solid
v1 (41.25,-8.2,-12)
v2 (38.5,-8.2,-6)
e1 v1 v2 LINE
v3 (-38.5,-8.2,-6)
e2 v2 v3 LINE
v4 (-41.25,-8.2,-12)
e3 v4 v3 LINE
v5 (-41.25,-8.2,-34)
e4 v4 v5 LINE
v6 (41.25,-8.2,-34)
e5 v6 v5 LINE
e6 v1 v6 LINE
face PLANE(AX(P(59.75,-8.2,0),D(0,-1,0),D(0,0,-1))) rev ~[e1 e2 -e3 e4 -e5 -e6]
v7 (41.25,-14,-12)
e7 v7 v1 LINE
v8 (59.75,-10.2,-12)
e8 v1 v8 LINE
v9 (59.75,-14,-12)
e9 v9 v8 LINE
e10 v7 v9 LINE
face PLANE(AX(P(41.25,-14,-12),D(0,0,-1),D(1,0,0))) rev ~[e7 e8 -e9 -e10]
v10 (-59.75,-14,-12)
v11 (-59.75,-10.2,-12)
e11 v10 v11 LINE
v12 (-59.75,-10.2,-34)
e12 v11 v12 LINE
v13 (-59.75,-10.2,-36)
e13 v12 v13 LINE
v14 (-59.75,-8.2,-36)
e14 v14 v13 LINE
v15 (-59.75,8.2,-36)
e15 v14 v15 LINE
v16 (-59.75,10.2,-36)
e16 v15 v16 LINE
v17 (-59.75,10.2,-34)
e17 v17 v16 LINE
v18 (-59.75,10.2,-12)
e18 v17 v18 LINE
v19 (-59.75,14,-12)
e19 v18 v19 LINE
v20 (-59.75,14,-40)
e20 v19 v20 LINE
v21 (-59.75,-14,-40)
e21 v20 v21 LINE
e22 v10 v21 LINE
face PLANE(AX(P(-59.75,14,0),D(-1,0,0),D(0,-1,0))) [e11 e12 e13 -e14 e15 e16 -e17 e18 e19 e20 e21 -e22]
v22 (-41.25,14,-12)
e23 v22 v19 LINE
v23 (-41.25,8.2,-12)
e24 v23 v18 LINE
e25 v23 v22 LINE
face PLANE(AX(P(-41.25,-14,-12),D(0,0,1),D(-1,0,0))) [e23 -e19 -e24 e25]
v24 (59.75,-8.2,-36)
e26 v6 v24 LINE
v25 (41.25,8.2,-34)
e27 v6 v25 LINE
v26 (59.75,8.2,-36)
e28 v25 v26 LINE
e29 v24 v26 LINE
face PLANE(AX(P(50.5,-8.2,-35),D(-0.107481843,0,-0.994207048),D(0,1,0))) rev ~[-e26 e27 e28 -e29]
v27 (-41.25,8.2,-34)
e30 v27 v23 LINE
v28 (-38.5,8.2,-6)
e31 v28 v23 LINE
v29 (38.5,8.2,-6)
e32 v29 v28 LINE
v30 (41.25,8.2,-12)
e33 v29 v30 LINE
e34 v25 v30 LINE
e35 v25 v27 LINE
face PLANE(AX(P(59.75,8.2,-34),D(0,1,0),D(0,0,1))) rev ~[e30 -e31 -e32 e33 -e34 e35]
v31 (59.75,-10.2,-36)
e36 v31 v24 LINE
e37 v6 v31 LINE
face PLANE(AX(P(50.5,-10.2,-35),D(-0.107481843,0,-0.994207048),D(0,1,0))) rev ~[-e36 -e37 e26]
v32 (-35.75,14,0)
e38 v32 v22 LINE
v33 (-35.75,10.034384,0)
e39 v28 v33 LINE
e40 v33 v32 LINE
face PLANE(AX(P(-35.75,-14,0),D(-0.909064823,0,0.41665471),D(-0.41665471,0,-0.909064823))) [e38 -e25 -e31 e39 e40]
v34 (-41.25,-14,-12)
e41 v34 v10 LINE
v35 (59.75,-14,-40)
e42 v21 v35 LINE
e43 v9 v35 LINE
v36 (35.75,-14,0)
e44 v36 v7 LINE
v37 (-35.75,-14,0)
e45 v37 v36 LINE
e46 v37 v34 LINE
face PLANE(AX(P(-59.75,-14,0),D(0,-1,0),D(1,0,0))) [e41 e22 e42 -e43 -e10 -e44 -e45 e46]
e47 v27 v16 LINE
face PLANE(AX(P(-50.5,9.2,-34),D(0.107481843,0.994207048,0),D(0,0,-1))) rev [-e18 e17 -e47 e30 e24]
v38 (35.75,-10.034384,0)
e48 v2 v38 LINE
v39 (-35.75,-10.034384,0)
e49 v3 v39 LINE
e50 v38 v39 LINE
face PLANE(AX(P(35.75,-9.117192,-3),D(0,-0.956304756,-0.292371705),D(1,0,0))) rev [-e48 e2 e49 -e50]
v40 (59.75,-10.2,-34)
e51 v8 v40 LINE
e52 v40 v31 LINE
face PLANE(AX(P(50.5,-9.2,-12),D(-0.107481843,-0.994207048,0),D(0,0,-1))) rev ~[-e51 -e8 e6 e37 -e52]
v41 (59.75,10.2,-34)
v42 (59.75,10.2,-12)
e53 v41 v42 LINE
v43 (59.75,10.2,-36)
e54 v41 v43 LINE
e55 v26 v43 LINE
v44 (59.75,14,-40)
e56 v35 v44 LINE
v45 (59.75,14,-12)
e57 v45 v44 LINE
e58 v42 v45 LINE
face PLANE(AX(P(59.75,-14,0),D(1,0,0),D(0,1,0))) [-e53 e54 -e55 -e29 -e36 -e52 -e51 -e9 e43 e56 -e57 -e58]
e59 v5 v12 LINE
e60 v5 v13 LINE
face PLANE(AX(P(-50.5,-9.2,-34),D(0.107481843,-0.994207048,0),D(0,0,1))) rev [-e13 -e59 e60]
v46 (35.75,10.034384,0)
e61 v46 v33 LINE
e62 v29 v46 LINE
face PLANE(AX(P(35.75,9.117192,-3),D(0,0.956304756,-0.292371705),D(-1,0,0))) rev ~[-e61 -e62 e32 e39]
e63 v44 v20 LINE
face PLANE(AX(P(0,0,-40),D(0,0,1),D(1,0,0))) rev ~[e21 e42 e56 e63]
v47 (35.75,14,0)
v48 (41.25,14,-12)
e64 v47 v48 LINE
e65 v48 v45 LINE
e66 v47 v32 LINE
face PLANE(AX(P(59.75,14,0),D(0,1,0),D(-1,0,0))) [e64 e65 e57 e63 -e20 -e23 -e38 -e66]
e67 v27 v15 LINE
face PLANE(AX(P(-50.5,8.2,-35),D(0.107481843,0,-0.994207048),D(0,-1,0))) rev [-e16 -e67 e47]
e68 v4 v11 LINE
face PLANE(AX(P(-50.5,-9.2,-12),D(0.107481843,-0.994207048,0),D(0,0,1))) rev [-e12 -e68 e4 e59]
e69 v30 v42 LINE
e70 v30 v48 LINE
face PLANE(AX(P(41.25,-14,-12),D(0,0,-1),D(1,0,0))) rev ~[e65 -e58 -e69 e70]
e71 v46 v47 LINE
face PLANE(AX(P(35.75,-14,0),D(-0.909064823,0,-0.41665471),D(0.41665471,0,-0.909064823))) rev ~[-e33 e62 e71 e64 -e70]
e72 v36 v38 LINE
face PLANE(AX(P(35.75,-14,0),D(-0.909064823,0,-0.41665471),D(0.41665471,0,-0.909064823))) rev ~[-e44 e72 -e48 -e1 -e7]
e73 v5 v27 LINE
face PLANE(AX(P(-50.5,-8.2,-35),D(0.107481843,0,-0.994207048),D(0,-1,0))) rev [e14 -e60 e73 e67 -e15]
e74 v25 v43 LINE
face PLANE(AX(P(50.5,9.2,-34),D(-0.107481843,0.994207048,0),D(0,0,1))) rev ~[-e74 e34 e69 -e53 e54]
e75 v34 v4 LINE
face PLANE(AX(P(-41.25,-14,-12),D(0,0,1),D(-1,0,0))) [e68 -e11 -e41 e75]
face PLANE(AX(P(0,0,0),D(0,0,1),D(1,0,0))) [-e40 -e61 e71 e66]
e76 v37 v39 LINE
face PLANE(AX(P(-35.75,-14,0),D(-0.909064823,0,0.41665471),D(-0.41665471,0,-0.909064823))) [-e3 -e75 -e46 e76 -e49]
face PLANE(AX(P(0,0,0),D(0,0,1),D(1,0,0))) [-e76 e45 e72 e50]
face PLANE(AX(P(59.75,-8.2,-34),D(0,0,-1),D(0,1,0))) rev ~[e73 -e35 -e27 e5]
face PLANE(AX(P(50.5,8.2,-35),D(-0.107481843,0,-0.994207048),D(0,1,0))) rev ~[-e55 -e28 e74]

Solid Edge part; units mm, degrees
sketch "Sketch1" plane through (0, 0, 0) normal (0, 0, 1) x (1, 0, 0)
  line L0 (-59.75, -14) -> (59.75, -14)
  line L1 (59.75, -14) -> (59.75, 14)
  line L2 (59.75, 14) -> (-59.75, 14)
  line L3 (-59.75, 14) -> (-59.75, -14)
extrude "Protrusion1" add sketch "Sketch1" against normal blind 40
sketch "Sketch2" plane through (0, -14, -20) normal (0, -1, 0) x (1, 0, 0)
  line L0 (-59.75, 20) -> (-41.25, 20)
  line L1 (-41.25, 20) -> (-41.25, 8)
  line L2 (-41.25, 8) -> (-59.75, 8)
  line L3 (-59.75, 8) -> (-59.75, 20)
extrude "ExtrudedCutout_1" cut sketch "Sketch2" against normal blind 28
sketch "Sketch3" plane through (0, -14, -20) normal (0, -1, 0) x (1, 0, 0)
  line L0 (59.75, 20) -> (41.25, 20)
  line L1 (41.25, 20) -> (41.25, 8)
  line L2 (41.25, 8) -> (59.75, 8)
  line L3 (59.75, 8) -> (59.75, 20)
extrude "ExtrudedCutout_2" cut sketch "Sketch3" against normal blind 28
sketch "Sketch4" plane through (0, -14, -20) normal (0, -1, 0) x (1, 0, 0)
  line L0 (41.25, 20) -> (35.75, 20)
  line L1 (35.75, 20) -> (41.25, 8)
  line L2 (41.25, 8) -> (41.25, 20)
extrude "ExtrudedCutout_3" cut sketch "Sketch4" against normal blind 28
sketch "Sketch5" plane through (0, -14, -20) normal (0, -1, 0) x (1, 0, 0)
  line L0 (-41.25, 20) -> (-35.75, 20)
  line L1 (-35.75, 20) -> (-41.25, 8)
  line L2 (-41.25, 8) -> (-41.25, 20)
extrude "ExtrudedCutout_4" cut sketch "Sketch5" against normal blind 28
sketch "Sketch6" plane through (59.75, 0, -26) normal (1, 0, 0) x (0, 1, 0)
  line L0 (-8.2, 26) -> (-8.2, -8)
  line L1 (-8.2, -8) -> (8.2, -8)
  line L2 (8.2, -8) -> (8.2, 26)
  line L3 (8.2, 26) -> (-8.2, 26)
extrude "ExtrudedCutout_5" cut sketch "Sketch6" against normal blind 119.5
chamfer "Chamfer_1" distance 6 angle 17 1 edges at (0, 8.2, 0) measured on face at (-38.6383, 8.2, -28.6733)
chamfer "Chamfer_2" distance 6 angle 17 1 edges at (0, -8.2, 0) measured on face at (1.195, -8.2, -5.3267)
chamfer "Chamfer_5" distance 18.5 distance2 2 1 edges at (59.75, 8.2, -23) measured on face at (-38.6383, 8.2, -29.6133)
chamfer "Chamfer_6" distance 18.5 distance2 2 1 edges at (59.75, -8.2, -23) measured on face at (-38.6383, -8.2, -10.3867)
chamfer "Chamfer_7" distance 18.5 distance2 2 1 edges at (-59.75, 8.2, -23) measured on face at (-41.9067, 8.2, -29.6133)
chamfer "Chamfer_8" distance 18.5 distance2 2 1 edges at (-59.75, 1, -34) measured on face at (-38.6383, -7.004, -34)
chamfer "Chamfer_9" distance 18.5 distance2 2 1 edges at (-59.75, -8.2, -24) measured on face at (-8.24, -8.2, -10.7)
chamfer "Chamfer_10" distance 18.5 distance2 2 1 edges at (59.75, 0, -34) measured on face at (-23.4067, -7.004, -34)
